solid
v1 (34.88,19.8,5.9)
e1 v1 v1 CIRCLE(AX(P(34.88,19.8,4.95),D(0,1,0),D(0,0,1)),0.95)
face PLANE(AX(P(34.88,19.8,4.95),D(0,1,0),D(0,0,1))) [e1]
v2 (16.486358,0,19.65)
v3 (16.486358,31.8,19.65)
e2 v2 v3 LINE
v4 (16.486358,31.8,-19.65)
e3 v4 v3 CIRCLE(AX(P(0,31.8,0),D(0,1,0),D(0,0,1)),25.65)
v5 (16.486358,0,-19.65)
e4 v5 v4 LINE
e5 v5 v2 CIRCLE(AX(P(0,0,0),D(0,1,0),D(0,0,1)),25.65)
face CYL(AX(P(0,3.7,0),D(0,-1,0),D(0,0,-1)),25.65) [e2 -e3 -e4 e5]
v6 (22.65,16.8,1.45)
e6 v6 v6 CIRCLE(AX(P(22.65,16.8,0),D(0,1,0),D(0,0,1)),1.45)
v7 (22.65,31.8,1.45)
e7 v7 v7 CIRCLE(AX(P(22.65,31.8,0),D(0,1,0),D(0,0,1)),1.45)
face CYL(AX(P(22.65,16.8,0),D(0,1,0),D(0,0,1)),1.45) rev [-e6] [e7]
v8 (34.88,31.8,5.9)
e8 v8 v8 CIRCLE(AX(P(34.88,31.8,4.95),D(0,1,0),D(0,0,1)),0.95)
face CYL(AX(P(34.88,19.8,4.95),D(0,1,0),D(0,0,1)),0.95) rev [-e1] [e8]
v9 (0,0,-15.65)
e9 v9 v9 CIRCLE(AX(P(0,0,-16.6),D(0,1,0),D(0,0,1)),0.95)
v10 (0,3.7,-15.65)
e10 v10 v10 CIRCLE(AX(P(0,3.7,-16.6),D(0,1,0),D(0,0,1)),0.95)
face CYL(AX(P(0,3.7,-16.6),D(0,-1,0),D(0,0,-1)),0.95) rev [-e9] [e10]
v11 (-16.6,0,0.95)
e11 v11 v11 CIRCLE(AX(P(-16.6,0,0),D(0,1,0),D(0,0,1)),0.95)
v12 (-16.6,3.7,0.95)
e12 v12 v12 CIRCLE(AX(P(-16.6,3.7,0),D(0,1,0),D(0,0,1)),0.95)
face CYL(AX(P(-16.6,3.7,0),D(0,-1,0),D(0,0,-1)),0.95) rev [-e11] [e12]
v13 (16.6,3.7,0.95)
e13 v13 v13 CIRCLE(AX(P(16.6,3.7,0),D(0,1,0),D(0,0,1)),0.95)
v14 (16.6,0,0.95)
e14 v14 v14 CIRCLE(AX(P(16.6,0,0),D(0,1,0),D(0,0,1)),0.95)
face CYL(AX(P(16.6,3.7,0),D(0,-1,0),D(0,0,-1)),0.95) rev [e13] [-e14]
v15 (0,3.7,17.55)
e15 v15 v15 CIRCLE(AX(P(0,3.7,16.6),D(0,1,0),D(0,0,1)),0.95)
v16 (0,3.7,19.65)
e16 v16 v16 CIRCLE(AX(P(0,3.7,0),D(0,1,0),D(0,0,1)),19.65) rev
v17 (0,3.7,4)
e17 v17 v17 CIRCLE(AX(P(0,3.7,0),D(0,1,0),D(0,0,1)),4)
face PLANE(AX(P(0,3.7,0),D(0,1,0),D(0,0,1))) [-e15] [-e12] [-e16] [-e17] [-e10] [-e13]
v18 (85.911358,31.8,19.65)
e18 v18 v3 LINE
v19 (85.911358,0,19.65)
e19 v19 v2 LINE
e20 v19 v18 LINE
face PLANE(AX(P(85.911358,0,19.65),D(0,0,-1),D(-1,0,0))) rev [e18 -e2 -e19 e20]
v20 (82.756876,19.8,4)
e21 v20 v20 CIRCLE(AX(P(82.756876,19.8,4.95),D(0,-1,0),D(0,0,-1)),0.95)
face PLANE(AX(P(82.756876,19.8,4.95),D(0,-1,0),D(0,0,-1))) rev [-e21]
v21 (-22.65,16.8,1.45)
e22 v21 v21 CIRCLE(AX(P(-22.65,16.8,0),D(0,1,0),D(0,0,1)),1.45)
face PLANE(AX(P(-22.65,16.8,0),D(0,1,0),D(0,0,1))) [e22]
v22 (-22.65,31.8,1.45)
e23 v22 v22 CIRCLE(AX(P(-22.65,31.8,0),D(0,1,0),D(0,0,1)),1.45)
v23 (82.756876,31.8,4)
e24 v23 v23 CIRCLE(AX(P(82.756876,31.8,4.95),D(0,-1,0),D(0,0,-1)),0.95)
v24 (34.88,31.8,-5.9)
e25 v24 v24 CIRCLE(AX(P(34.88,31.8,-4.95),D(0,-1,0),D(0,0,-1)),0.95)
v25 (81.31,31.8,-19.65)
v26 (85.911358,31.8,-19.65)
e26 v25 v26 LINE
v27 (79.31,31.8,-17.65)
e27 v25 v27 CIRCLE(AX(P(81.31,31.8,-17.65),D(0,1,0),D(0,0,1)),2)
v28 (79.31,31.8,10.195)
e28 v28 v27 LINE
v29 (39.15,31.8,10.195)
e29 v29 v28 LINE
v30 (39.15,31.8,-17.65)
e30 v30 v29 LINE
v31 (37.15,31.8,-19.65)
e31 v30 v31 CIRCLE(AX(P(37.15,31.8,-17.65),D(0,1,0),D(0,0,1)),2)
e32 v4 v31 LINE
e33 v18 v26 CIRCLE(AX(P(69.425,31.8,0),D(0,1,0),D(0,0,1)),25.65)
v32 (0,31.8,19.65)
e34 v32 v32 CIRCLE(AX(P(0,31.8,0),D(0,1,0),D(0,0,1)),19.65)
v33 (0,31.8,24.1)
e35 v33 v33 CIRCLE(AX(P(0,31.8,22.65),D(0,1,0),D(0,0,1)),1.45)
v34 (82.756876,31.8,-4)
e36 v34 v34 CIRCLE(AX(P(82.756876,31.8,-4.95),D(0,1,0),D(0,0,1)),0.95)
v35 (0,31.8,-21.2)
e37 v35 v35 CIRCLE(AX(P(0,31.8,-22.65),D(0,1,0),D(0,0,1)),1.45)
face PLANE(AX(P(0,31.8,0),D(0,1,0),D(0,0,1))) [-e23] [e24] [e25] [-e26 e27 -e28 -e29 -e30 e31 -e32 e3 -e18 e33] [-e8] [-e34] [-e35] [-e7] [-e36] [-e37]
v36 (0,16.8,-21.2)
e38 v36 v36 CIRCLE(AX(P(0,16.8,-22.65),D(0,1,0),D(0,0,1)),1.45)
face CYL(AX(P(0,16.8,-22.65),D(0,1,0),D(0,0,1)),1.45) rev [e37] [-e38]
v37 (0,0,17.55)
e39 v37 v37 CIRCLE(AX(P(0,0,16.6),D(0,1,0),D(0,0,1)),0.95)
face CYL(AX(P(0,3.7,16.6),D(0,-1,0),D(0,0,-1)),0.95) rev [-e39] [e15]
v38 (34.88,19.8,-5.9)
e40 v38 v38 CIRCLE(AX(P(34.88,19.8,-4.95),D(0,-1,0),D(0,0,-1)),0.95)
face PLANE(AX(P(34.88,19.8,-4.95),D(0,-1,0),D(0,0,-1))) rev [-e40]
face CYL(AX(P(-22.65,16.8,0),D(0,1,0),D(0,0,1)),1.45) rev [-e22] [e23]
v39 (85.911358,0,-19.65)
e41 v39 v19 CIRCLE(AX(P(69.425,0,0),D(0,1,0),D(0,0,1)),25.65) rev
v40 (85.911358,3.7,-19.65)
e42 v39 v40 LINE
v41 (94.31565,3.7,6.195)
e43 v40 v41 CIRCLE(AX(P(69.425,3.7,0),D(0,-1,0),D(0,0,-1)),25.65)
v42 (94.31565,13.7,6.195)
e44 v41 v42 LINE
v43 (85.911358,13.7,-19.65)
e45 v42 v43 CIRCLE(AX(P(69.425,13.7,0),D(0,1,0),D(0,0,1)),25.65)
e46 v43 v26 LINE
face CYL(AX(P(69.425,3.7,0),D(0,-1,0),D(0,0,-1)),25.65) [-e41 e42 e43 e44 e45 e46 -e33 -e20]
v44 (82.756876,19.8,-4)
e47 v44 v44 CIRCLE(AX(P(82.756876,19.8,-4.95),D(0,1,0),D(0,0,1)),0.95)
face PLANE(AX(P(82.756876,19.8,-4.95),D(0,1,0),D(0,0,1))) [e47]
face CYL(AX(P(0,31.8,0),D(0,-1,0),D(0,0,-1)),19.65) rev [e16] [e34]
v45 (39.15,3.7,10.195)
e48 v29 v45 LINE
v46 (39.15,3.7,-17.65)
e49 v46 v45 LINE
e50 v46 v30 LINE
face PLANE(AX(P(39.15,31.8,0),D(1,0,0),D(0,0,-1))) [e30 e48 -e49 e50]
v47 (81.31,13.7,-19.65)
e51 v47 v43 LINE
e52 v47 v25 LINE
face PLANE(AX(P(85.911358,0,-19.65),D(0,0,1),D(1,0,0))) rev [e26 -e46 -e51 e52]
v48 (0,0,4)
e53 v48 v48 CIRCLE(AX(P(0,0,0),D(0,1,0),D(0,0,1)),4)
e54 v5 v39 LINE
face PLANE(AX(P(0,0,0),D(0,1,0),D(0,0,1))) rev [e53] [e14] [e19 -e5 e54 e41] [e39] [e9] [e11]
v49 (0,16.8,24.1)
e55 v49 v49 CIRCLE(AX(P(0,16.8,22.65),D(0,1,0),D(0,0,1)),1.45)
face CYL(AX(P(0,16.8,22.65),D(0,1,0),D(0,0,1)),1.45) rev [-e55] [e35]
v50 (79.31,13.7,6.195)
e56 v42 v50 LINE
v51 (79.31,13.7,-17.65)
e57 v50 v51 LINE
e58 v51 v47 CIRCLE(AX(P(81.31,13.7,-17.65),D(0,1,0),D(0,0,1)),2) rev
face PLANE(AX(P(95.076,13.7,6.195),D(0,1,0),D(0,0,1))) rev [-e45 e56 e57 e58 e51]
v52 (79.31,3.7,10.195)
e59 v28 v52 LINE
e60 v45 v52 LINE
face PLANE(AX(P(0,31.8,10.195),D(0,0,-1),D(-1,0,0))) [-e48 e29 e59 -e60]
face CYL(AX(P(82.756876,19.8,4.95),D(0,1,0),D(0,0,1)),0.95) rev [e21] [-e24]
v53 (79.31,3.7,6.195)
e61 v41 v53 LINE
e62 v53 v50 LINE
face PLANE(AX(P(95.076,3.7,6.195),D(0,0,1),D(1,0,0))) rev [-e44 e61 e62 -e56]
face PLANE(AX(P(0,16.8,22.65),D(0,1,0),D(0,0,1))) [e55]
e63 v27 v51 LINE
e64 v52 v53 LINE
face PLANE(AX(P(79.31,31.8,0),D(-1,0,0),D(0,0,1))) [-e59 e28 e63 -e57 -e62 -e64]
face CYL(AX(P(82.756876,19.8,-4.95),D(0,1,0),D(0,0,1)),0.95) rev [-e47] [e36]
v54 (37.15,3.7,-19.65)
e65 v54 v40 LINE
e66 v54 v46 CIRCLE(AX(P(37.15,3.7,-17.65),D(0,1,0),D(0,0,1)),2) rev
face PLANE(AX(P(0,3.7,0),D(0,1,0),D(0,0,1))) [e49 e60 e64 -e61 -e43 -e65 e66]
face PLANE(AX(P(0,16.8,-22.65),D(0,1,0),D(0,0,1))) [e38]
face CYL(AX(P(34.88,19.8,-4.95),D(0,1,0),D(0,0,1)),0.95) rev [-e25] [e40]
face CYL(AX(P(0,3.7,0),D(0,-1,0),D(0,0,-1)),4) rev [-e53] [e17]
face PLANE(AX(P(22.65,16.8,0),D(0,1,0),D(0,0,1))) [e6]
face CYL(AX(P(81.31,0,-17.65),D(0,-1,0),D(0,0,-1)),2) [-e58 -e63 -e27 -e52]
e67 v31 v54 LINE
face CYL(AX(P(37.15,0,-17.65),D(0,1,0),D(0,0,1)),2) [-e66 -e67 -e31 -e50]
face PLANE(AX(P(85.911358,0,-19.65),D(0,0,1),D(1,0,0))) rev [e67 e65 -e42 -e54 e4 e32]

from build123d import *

# Parameters (mm, degrees)
SKETCH1_R               = 25.65
SKETCH1_R_2             = 19.65
SKETCH1_R_3             = 4
SKETCH1_R_4             = 0.95
SKETCH1_W               = 40.16
SKETCH1_H               = 20.39
BOSS_EXTRUDE2_DEPTH     = 3.7
SKETCH5_R               = 19.65
SKETCH5_W               = 40.16
SKETCH5_H               = 20.39
BOSS_EXTRUDE3_DEPTH     = 28.1
CUT_EXTRUDE1_REACH      = 108.468
SKETCH6_W               = 40.16
SKETCH6_H               = 28.1
CUT_EXTRUDE2_REACH      = 114.631
CUT_EXTRUDE2_END_RADIUS = 25.65
SKETCH7_W               = 29.863740461
SKETCH7_H               = 10
SKETCH8_R               = 1.45
CUT_EXTRUDE3_DEPTH      = 15
SKETCH9_R               = 0.95
CUT_EXTRUDE4_DEPTH      = 12
CUT_EXTRUDE5_DEPTH      = 104.481486871
FILLET1_R               = 2


with BuildPart() as part:
    # Sketch1 → Boss-Extrude2 (new body)
    # profile 1 of 6: a face of its own
    with BuildSketch(Plane(origin=(0, 0, 0), x_dir=(1, 0, 0), z_dir=(0, 1, 0))):
        Circle(SKETCH1_R)
        Circle(SKETCH1_R_2, mode=Mode.SUBTRACT)
    # profile 2 of 6: a face of its own
    with BuildSketch(Plane(origin=(0, 0, 0), x_dir=(1, 0, 0), z_dir=(0, 1, 0))):
        Circle(SKETCH1_R_2)
        with Locations(Location((0, 0, 0), (0, 0, 270))):
            Circle(SKETCH1_R_3, mode=Mode.SUBTRACT)
        with Locations(Location((16.6, 0, 0), (0, 0, 270))):
            Circle(SKETCH1_R_4, mode=Mode.SUBTRACT)
        with Locations(Location((0, -16.6, 0), (0, 0, 270))):
            Circle(SKETCH1_R_4, mode=Mode.SUBTRACT)
        with Locations(Location((-16.6, 0, 0), (0, 0, 270))):
            Circle(SKETCH1_R_4, mode=Mode.SUBTRACT)
        with Locations(Location((0, 16.6, 0), (0, 0, 270))):
            Circle(SKETCH1_R_4, mode=Mode.SUBTRACT)
    # profile 3 of 6: a face of its own
    with BuildSketch(Plane(origin=(0, 0, 0), x_dir=(1, 0, 0), z_dir=(0, 1, 0))):
        with BuildLine():
            Line((30.65, 18.695), (86.986875612, 18.695))
            ThreePointArc((86.986875612, 18.695), (78.869462663, 23.847948025), (69.425, 25.65))
            Line((69.425, 25.65), (0, 25.65))
            ThreePointArc((0, 25.65), (18.137288937, 18.137288937), (25.65, 0))
            ThreePointArc((25.65, 0), (18.137288937, -18.137288937), (0, -25.65))
            Line((0, -25.65), (69.425, -25.65))
            ThreePointArc((69.425, -25.65), (78.869462663, -23.847948025), (86.986875612, -18.695))
            Line((86.986875612, -18.695), (30.65, -18.695))
            Line((30.65, -18.695), (30.65, 18.695))
        make_face()
    # profile 4 of 6: a face of its own
    with BuildSketch(Plane(origin=(0, 0, 0), x_dir=(1, 0, 0), z_dir=(0, 1, 0))):
        with BuildLine():
            Line((87.81, -17.886147573), (87.81, 17.886147573))
            ThreePointArc((87.81, 17.886147573), (87.402987293, 18.295203548), (86.986875612, 18.695))
            Line((86.986875612, 18.695), (30.65, 18.695))
            Line((30.65, 18.695), (30.65, -18.695))
            Line((30.65, -18.695), (86.986875612, -18.695))
            ThreePointArc((86.986875612, -18.695), (87.402987293, -18.295203548), (87.81, -17.886147573))
        make_face()
        with Locations((59.23, 0)):
            Rectangle(SKETCH1_W, SKETCH1_H, mode=Mode.SUBTRACT)
    # profile 5 of 6: a face of its own
    with BuildSketch(Plane(origin=(0, 0, 0), x_dir=(1, 0, 0), z_dir=(0, 1, 0))):
        with Locations((59.23, 0)):
            Rectangle(SKETCH1_W, SKETCH1_H)
    # profile 6 of 6: a face of its own
    with BuildSketch(Plane(origin=(0, 0, 0), x_dir=(1, 0, 0), z_dir=(0, 1, 0))):
        with BuildLine():
            ThreePointArc((87.81, -17.886147573), (95.075, 0), (87.81, 17.886147573))
            Line((87.81, 17.886147573), (87.81, -17.886147573))
        make_face()
    extrude(amount=BOSS_EXTRUDE2_DEPTH)

    # Sketch5 → Boss-Extrude3 (add)
    # profile 1 of 4: a face of its own
    with BuildSketch(Plane(origin=(0, 3.7, 0), x_dir=(1, 0, 0), z_dir=(0, 1, 0))):
        with BuildLine():
            ThreePointArc((25.65, 0), (18.137288937, 18.137288937), (0, 25.65))
            ThreePointArc((0, 25.65), (-25.65, 0), (0, -25.65))
            ThreePointArc((0, -25.65), (18.137288937, -18.137288937), (25.65, 0))
        make_face()
        with Locations(Location((0, 0, 0), (0, 0, 270))):
            Circle(SKETCH5_R, mode=Mode.SUBTRACT)
    # profile 2 of 4: a face of its own
    with BuildSketch(Plane(origin=(0, 3.7, 0), x_dir=(1, 0, 0), z_dir=(0, 1, 0))):
        with BuildLine():
            ThreePointArc((87.81, 17.886147573), (87.402987293, 18.295203548), (86.986875612, 18.695))
            Line((86.986875612, 18.695), (30.65, 18.695))
            Line((30.65, 18.695), (30.65, -18.695))
            Line((30.65, -18.695), (86.986875612, -18.695))
            ThreePointArc((86.986875612, -18.695), (87.402987293, -18.295203548), (87.81, -17.886147573))
            Line((87.81, -17.886147573), (87.81, 17.886147573))
        make_face()
        with Locations((59.23, 0)):
            Rectangle(SKETCH5_W, SKETCH5_H, mode=Mode.SUBTRACT)
    # profile 3 of 4: a face of its own
    with BuildSketch(Plane(origin=(0, 3.7, 0), x_dir=(1, 0, 0), z_dir=(0, 1, 0))):
        with BuildLine():
            ThreePointArc((86.986875612, 18.695), (78.869462663, 23.847948025), (69.425, 25.65))
            Line((69.425, 25.65), (0, 25.65))
            ThreePointArc((0, 25.65), (18.137288937, 18.137288937), (25.65, 0))
            ThreePointArc((25.65, 0), (18.137288937, -18.137288937), (0, -25.65))
            Line((0, -25.65), (69.425, -25.65))
            ThreePointArc((69.425, -25.65), (78.869462663, -23.847948025), (86.986875612, -18.695))
            Line((86.986875612, -18.695), (30.65, -18.695))
            Line((30.65, -18.695), (30.65, 18.695))
            Line((30.65, 18.695), (86.986875612, 18.695))
        make_face()
    # profile 4 of 4: a face of its own
    with BuildSketch(Plane(origin=(0, 3.7, 0), x_dir=(1, 0, 0), z_dir=(0, 1, 0))):
        with BuildLine():
            ThreePointArc((87.81, -17.886147573), (95.075, 0), (87.81, 17.886147573))
            Line((87.81, 17.886147573), (87.81, -17.886147573))
        make_face()
    extrude(amount=BOSS_EXTRUDE3_DEPTH)

    # Sketch6 → Cut-Extrude1 (cut, up to next)
    with BuildSketch(Plane.XY.offset(-10.195), mode=Mode.PRIVATE) as cut_extrude1_sk1:
        with Locations((59.23, 17.75)):
            Rectangle(SKETCH6_W, SKETCH6_H)
    cut_extrude1_tool1 = extrude(cut_extrude1_sk1.sketch, amount=-CUT_EXTRUDE1_REACH, mode=Mode.PRIVATE) & part.part
    add(cut_extrude1_tool1.solids().sort_by_distance((59.23, 17.75, -10.195))[0], mode=Mode.SUBTRACT)

    # Cut-Extrude2: up to this cylinder (the profile starts inside it)
    cut_extrude2_end = Plane(origin=(69.425, 8.7, 0), z_dir=(0, -1, 0)) * Cylinder(CUT_EXTRUDE2_END_RADIUS, 281.562, mode=Mode.PRIVATE)
    # Sketch7 → Cut-Extrude2 (cut, up to the surface)
    with BuildSketch(Plane.ZY.offset(-79.31), mode=Mode.PRIVATE) as cut_extrude2_sk1:
        with Locations((-8.736870231, 8.7)):
            Rectangle(SKETCH7_W, SKETCH7_H)
    cut_extrude2_tool1 = extrude(cut_extrude2_sk1.sketch, amount=-CUT_EXTRUDE2_REACH, mode=Mode.PRIVATE) & cut_extrude2_end
    add(cut_extrude2_tool1.solids().sort_by_distance((79.31, 8.7, -8.73687))[0], mode=Mode.SUBTRACT)

    # Sketch8 → Cut-Extrude3 (cut)
    with BuildSketch(Plane(origin=(0, 31.8, 0), x_dir=(1, 0, 0), z_dir=(0, 1, 0))):
        with Locations(Location((22.65, 0, 0), (0, 0, 270))):
            Circle(SKETCH8_R)
        with Locations(Location((0, -22.65, 0), (0, 0, 270))):
            Circle(SKETCH8_R)
        with Locations(Location((-22.65, 0, 0), (0, 0, 270))):
            Circle(SKETCH8_R)
        with Locations(Location((0, 22.65, 0), (0, 0, 270))):
            Circle(SKETCH8_R)
    extrude(amount=-CUT_EXTRUDE3_DEPTH, mode=Mode.SUBTRACT)

    # Sketch9 → Cut-Extrude4 (cut)
    with BuildSketch(Plane(origin=(0, 31.8, 0), x_dir=(1, 0, 0), z_dir=(0, 1, 0))):
        with Locations(Location((34.88, -4.95, 0), (0, 0, 270))):
            Circle(SKETCH9_R)
        with Locations(Location((34.88, 4.95, 0), (0, 0, 90))):
            Circle(SKETCH9_R)
        with Locations(Location((82.756875612, -4.95, 0), (0, 0, 90))):
            Circle(SKETCH9_R)
        with Locations(Location((82.756875612, 4.95, 0), (0, 0, 270))):
            Circle(SKETCH9_R)
    extrude(amount=-CUT_EXTRUDE4_DEPTH, mode=Mode.SUBTRACT)

    # Sketch12 → Cut-Extrude5 (cut, through all)
    with BuildSketch(Plane(origin=(0, 31.8, 0), x_dir=(1, 0, 0), z_dir=(0, 1, 0))):
        with BuildLine():
            Line((0, 25.65), (69.425, 25.65))
            ThreePointArc((69.425, 25.65), (78.19711491, 24.103371134), (85.911357997, 19.65))
            Line((85.911357997, 19.65), (16.486357997, 19.65))
            ThreePointArc((16.486357997, 19.65), (8.77211491, 24.103371134), (0, 25.65))
        make_face()
        with BuildLine():
            Line((0, -25.65), (69.425, -25.65))
            ThreePointArc((69.425, -25.65), (78.19711491, -24.103371134), (85.911357997, -19.65))
            Line((85.911357997, -19.65), (16.486357997, -19.65))
            ThreePointArc((16.486357997, -19.65), (8.77211491, -24.103371134), (0, -25.65))
        make_face()
    extrude(amount=-CUT_EXTRUDE5_DEPTH, mode=Mode.SUBTRACT)

    # Fillet1
    fillet1_edges = [part.edges().sort_by_distance(p)[0] for p in [
        (39.15, 17.75, -19.65),
        (79.31, 22.75, -19.65),
    ]]
    fillet(fillet1_edges, radius=FILLET1_R)


solid = part.part
